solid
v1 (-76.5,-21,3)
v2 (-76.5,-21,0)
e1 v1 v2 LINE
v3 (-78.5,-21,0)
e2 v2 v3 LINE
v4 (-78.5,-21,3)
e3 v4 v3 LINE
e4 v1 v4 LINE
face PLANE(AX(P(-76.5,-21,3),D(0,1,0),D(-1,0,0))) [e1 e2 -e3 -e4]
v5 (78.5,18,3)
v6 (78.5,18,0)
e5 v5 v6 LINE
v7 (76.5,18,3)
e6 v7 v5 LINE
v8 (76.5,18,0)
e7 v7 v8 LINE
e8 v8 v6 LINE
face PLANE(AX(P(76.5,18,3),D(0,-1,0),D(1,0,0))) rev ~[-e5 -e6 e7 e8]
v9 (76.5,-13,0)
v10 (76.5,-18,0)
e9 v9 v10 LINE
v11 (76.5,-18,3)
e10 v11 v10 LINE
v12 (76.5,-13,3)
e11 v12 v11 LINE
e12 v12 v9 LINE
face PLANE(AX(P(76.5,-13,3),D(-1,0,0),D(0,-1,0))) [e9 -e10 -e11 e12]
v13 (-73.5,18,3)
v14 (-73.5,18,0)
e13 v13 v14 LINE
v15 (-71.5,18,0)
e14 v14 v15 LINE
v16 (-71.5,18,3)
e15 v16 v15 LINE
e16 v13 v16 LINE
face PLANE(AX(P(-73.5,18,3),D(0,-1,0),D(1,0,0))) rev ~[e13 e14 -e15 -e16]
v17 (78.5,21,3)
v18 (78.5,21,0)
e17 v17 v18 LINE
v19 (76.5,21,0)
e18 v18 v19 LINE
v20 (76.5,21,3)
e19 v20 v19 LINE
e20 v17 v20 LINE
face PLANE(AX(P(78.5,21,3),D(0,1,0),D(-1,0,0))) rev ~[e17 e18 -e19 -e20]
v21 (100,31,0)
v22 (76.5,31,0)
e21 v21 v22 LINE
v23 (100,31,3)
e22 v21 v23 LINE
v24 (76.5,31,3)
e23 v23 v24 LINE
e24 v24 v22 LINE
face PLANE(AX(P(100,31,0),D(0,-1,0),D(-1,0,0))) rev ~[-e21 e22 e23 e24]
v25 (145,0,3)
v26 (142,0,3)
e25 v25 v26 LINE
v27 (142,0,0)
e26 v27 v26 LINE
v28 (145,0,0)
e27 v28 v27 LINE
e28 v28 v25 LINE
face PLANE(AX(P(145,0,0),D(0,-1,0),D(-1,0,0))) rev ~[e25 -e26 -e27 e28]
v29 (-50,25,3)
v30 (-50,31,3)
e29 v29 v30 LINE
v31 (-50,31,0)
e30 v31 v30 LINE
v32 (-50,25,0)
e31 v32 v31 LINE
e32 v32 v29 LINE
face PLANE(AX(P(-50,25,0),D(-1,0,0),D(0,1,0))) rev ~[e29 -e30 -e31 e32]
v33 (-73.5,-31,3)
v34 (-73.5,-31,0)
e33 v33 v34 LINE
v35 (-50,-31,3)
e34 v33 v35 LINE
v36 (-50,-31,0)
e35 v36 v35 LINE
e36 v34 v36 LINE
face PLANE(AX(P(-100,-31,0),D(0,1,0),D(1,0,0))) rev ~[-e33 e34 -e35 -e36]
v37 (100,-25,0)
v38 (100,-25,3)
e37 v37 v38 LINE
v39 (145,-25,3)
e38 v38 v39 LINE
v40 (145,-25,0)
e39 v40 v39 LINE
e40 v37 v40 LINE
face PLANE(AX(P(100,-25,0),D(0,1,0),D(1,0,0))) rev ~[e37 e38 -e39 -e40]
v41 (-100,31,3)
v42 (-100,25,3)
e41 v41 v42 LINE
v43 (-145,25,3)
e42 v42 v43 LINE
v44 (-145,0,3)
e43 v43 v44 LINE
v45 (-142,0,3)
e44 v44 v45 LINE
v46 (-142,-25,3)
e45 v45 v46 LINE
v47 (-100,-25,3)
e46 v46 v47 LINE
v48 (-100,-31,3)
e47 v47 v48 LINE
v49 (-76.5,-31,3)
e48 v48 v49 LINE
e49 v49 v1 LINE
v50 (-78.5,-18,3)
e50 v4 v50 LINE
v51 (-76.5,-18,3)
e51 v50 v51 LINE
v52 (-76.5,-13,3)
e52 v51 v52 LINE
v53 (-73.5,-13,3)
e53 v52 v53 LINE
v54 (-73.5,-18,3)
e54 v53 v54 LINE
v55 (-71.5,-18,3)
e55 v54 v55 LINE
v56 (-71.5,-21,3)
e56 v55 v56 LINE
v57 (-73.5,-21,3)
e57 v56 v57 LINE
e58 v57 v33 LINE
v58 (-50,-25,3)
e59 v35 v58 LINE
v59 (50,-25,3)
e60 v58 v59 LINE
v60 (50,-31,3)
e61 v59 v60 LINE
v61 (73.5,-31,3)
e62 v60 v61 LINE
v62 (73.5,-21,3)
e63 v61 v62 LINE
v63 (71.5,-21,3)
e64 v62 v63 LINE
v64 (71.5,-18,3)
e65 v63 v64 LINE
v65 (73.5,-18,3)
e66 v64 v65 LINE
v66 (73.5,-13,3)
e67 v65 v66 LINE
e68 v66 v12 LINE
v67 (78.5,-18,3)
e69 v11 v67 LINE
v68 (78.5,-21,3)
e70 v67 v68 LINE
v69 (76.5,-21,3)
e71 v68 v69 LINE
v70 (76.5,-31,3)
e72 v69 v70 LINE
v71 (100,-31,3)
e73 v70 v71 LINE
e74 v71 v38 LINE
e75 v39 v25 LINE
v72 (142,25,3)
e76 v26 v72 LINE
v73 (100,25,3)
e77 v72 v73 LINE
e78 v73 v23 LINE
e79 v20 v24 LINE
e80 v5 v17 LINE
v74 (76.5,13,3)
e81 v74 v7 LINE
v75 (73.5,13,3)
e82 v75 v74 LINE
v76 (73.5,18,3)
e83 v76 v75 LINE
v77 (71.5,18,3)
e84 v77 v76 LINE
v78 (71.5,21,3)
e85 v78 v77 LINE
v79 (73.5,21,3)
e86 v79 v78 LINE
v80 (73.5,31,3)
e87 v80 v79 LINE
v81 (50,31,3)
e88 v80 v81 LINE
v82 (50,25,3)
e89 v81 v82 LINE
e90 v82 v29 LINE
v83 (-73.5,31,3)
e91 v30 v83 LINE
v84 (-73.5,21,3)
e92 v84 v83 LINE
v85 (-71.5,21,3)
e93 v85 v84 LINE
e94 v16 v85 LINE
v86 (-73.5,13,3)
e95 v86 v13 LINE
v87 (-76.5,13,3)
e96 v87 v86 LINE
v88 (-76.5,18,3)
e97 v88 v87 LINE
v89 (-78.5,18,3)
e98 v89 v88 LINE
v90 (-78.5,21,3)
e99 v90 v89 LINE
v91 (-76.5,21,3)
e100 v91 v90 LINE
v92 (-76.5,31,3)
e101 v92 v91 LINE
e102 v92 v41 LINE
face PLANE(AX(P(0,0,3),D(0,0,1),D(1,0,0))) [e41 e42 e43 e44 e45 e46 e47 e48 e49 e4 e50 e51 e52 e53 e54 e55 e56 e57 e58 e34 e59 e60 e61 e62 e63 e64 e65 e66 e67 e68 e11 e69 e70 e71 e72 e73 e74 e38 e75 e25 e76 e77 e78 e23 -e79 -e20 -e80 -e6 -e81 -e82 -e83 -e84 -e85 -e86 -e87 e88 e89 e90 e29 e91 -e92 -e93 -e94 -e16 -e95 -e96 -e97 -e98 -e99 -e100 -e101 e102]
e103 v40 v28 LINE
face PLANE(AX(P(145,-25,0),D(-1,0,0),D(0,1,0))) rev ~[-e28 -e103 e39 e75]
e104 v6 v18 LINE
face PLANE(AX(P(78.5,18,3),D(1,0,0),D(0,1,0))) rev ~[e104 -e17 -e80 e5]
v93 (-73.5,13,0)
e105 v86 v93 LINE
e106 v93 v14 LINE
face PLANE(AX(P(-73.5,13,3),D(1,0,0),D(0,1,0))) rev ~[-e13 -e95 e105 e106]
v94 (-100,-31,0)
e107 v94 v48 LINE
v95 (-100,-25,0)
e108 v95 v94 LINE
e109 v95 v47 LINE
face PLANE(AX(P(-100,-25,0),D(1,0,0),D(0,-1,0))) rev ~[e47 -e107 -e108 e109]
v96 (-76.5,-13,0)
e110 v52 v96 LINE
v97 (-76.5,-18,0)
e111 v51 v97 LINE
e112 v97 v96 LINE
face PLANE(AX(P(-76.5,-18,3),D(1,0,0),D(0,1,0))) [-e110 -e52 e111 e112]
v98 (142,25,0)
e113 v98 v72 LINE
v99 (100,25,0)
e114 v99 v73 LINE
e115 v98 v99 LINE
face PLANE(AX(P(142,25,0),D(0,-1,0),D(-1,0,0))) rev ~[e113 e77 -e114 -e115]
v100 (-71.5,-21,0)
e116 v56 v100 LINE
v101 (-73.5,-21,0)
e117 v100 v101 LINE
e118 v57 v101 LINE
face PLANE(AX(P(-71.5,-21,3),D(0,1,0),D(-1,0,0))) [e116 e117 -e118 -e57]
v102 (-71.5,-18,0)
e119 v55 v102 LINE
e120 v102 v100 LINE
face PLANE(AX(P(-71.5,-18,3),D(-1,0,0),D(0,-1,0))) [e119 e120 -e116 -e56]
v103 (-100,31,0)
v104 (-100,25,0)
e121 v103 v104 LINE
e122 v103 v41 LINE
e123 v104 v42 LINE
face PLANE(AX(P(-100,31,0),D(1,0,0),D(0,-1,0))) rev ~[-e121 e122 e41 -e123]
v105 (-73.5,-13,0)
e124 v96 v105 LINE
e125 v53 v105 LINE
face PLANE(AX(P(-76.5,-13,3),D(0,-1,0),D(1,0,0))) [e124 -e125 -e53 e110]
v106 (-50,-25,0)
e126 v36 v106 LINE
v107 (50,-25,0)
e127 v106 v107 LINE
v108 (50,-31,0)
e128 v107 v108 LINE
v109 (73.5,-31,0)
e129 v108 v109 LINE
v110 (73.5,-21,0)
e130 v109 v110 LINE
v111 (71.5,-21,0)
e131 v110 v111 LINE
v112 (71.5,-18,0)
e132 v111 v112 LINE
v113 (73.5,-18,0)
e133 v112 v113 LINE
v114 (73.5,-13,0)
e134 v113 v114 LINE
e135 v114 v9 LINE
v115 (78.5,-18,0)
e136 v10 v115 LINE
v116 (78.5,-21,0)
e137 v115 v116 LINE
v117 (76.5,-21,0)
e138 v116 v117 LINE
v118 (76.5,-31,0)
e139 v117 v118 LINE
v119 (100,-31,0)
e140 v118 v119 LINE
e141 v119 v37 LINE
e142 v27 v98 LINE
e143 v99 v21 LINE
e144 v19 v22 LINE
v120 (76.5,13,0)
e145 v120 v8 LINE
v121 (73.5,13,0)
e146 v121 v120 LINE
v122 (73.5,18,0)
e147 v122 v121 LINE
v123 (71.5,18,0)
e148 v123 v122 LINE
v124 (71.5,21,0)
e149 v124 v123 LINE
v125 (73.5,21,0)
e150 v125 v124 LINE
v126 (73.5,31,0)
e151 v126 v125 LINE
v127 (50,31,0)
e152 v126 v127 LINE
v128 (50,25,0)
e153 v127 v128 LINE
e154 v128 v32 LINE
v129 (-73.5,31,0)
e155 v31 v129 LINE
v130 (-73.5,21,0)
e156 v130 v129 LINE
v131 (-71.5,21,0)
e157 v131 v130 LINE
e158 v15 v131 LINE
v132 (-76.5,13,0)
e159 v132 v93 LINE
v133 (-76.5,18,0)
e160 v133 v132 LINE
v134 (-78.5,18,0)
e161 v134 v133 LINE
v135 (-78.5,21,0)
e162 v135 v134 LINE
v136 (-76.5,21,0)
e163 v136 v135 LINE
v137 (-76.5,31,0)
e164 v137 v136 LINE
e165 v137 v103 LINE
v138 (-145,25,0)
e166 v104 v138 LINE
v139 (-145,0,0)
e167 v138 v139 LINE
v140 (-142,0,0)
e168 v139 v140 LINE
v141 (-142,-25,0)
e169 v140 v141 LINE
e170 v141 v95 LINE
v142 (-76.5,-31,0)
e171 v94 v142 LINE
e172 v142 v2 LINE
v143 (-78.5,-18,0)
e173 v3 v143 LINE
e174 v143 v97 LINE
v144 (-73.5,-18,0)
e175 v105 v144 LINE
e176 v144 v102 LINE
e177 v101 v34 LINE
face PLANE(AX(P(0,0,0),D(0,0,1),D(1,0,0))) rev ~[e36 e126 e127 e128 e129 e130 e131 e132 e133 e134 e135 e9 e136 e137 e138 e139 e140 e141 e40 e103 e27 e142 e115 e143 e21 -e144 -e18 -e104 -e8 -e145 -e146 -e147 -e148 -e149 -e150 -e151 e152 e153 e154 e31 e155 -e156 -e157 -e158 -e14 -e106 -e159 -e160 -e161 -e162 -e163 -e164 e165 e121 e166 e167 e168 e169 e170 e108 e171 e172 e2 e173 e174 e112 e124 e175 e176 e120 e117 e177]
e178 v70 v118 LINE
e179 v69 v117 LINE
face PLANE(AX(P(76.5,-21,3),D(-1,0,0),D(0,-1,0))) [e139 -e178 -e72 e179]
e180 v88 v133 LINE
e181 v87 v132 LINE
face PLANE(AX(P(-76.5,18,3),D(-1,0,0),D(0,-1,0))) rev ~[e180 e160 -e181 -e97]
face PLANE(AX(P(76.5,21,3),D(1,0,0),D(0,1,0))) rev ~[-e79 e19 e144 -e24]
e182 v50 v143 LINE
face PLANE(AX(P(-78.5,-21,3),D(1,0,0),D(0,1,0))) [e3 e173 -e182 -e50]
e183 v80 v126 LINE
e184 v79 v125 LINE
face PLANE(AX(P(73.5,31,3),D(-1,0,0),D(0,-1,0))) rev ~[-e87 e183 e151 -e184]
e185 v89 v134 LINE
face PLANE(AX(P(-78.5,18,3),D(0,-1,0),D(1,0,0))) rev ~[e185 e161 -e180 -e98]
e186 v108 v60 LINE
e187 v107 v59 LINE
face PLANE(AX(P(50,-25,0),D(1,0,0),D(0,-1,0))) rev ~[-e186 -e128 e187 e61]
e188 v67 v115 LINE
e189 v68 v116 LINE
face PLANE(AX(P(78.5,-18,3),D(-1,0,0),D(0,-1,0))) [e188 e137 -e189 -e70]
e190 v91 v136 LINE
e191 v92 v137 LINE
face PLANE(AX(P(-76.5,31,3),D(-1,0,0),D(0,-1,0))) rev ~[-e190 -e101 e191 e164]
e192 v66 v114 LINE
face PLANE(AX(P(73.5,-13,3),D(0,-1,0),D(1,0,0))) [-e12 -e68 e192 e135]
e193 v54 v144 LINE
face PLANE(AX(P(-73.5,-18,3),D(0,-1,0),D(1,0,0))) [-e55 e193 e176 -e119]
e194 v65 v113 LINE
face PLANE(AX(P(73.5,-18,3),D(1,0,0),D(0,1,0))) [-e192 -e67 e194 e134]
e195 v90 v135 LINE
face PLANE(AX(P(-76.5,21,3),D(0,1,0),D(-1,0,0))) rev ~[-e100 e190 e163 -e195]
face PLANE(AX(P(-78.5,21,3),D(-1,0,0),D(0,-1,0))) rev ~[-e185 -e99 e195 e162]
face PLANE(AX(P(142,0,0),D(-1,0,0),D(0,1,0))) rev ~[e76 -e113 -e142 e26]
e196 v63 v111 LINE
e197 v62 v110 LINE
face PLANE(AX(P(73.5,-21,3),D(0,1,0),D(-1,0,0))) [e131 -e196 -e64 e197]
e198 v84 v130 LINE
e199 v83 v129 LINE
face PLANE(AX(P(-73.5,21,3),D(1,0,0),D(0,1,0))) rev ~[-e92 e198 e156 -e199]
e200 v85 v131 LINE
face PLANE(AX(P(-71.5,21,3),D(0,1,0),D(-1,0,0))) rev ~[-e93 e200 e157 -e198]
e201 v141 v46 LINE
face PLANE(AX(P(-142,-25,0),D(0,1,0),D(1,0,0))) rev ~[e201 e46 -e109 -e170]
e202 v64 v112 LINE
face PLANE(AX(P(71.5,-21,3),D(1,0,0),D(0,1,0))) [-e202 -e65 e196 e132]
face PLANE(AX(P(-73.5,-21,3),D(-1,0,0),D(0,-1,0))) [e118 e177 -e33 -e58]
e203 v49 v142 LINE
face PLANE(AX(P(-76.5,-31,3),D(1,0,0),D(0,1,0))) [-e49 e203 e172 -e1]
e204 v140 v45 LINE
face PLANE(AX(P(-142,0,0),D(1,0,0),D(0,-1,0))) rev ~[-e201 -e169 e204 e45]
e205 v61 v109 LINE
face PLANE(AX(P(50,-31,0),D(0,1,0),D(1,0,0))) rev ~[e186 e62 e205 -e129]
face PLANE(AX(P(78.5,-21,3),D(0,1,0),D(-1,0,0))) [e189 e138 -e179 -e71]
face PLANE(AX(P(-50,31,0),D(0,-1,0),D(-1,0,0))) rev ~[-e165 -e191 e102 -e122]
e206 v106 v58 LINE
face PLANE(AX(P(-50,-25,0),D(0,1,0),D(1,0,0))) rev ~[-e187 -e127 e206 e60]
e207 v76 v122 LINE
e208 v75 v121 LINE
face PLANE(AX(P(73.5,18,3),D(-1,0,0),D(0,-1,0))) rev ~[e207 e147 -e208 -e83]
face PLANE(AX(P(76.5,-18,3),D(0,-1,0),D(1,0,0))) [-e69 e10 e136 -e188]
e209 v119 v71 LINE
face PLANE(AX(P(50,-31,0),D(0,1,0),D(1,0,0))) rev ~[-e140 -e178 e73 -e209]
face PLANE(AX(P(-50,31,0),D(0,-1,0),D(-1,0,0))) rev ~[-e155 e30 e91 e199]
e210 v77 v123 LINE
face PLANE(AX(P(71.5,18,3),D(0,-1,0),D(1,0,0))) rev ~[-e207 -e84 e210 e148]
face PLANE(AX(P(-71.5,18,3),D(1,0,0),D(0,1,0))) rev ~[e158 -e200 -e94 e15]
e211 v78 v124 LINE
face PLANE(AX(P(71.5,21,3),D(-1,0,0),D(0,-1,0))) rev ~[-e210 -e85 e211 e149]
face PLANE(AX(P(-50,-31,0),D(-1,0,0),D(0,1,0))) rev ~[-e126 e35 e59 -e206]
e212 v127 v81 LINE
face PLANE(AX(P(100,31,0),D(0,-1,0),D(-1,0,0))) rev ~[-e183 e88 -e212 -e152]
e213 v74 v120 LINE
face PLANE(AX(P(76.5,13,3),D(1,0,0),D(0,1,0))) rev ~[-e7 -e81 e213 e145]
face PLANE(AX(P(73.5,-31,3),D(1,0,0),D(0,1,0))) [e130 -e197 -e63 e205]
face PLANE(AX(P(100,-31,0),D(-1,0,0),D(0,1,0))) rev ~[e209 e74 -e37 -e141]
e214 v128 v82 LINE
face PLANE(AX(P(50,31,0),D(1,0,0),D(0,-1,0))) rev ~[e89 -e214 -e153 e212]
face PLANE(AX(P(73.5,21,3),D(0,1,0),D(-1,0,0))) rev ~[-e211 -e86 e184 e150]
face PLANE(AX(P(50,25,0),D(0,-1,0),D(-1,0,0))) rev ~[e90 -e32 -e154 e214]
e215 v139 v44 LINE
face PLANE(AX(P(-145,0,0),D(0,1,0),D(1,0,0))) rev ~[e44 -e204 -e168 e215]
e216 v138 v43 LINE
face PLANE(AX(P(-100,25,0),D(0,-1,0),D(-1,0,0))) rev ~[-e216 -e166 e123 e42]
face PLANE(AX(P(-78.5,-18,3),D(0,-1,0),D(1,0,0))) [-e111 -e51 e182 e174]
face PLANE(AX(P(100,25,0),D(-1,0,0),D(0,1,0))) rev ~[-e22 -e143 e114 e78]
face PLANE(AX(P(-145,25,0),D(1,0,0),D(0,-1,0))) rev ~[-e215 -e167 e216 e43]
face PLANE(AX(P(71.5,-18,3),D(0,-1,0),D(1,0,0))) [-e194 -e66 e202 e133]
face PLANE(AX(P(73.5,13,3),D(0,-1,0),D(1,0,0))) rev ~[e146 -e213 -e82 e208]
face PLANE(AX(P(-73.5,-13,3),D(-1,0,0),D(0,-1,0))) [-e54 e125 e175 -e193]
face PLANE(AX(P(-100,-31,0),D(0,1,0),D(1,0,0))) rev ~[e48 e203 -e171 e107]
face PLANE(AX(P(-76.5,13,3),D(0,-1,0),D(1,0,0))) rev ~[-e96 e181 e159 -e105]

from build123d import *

# Parameters (mm, degrees)
BOSS_EXTRUDE1_DEPTH = 3
CUT_EXTRUDE1_DEPTH  = 10


with BuildPart() as part:
    # Sketch1 → Boss-Extrude1 (new body)
    with BuildSketch(Plane.XY):
        Polygon((-145, 0), (-142, 0), (-142, -25), (-100, -25), (-100, -31), (-50, -31), (-50, -25), (50, -25), (50, -31), (100, -31), (100, -25), (145, -25), (145, 0), (142, 0), (142, 25), (100, 25), (100, 31), (50, 31), (50, 25), (-50, 25), (-50, 31), (-100, 31), (-100, 25), (-145, 25), align=None)
    extrude(amount=BOSS_EXTRUDE1_DEPTH)

    # Sketch2 → Cut-Extrude1 (cut)
    with BuildSketch(Plane.XY.offset(3)):
        Polygon((-75, 31), (-76.5, 31), (-76.5, 21), (-78.5, 21), (-78.5, 18), (-76.5, 18), (-76.5, 13), (-73.5, 13), (-73.5, 18), (-71.5, 18), (-71.5, 21), (-73.5, 21), (-73.5, 31), align=None)
        Polygon((-76.5, -31), (-76.5, -21), (-78.5, -21), (-78.5, -18), (-76.5, -18), (-76.5, -13), (-73.5, -13), (-73.5, -18), (-71.5, -18), (-71.5, -21), (-73.5, -21), (-73.5, -31), align=None)
        Polygon((73.5, 31), (73.5, 21), (71.5, 21), (71.5, 18), (73.5, 18), (73.5, 13), (76.5, 13), (76.5, 18), (78.5, 18), (78.5, 21), (76.5, 21), (76.5, 31), align=None)
        Polygon((73.5, -31), (73.5, -21), (71.5, -21), (71.5, -18), (73.5, -18), (73.5, -13), (76.5, -13), (76.5, -18), (78.5, -18), (78.5, -21), (76.5, -21), (76.5, -31), align=None)
    extrude(amount=-CUT_EXTRUDE1_DEPTH, mode=Mode.SUBTRACT)


solid = part.part
